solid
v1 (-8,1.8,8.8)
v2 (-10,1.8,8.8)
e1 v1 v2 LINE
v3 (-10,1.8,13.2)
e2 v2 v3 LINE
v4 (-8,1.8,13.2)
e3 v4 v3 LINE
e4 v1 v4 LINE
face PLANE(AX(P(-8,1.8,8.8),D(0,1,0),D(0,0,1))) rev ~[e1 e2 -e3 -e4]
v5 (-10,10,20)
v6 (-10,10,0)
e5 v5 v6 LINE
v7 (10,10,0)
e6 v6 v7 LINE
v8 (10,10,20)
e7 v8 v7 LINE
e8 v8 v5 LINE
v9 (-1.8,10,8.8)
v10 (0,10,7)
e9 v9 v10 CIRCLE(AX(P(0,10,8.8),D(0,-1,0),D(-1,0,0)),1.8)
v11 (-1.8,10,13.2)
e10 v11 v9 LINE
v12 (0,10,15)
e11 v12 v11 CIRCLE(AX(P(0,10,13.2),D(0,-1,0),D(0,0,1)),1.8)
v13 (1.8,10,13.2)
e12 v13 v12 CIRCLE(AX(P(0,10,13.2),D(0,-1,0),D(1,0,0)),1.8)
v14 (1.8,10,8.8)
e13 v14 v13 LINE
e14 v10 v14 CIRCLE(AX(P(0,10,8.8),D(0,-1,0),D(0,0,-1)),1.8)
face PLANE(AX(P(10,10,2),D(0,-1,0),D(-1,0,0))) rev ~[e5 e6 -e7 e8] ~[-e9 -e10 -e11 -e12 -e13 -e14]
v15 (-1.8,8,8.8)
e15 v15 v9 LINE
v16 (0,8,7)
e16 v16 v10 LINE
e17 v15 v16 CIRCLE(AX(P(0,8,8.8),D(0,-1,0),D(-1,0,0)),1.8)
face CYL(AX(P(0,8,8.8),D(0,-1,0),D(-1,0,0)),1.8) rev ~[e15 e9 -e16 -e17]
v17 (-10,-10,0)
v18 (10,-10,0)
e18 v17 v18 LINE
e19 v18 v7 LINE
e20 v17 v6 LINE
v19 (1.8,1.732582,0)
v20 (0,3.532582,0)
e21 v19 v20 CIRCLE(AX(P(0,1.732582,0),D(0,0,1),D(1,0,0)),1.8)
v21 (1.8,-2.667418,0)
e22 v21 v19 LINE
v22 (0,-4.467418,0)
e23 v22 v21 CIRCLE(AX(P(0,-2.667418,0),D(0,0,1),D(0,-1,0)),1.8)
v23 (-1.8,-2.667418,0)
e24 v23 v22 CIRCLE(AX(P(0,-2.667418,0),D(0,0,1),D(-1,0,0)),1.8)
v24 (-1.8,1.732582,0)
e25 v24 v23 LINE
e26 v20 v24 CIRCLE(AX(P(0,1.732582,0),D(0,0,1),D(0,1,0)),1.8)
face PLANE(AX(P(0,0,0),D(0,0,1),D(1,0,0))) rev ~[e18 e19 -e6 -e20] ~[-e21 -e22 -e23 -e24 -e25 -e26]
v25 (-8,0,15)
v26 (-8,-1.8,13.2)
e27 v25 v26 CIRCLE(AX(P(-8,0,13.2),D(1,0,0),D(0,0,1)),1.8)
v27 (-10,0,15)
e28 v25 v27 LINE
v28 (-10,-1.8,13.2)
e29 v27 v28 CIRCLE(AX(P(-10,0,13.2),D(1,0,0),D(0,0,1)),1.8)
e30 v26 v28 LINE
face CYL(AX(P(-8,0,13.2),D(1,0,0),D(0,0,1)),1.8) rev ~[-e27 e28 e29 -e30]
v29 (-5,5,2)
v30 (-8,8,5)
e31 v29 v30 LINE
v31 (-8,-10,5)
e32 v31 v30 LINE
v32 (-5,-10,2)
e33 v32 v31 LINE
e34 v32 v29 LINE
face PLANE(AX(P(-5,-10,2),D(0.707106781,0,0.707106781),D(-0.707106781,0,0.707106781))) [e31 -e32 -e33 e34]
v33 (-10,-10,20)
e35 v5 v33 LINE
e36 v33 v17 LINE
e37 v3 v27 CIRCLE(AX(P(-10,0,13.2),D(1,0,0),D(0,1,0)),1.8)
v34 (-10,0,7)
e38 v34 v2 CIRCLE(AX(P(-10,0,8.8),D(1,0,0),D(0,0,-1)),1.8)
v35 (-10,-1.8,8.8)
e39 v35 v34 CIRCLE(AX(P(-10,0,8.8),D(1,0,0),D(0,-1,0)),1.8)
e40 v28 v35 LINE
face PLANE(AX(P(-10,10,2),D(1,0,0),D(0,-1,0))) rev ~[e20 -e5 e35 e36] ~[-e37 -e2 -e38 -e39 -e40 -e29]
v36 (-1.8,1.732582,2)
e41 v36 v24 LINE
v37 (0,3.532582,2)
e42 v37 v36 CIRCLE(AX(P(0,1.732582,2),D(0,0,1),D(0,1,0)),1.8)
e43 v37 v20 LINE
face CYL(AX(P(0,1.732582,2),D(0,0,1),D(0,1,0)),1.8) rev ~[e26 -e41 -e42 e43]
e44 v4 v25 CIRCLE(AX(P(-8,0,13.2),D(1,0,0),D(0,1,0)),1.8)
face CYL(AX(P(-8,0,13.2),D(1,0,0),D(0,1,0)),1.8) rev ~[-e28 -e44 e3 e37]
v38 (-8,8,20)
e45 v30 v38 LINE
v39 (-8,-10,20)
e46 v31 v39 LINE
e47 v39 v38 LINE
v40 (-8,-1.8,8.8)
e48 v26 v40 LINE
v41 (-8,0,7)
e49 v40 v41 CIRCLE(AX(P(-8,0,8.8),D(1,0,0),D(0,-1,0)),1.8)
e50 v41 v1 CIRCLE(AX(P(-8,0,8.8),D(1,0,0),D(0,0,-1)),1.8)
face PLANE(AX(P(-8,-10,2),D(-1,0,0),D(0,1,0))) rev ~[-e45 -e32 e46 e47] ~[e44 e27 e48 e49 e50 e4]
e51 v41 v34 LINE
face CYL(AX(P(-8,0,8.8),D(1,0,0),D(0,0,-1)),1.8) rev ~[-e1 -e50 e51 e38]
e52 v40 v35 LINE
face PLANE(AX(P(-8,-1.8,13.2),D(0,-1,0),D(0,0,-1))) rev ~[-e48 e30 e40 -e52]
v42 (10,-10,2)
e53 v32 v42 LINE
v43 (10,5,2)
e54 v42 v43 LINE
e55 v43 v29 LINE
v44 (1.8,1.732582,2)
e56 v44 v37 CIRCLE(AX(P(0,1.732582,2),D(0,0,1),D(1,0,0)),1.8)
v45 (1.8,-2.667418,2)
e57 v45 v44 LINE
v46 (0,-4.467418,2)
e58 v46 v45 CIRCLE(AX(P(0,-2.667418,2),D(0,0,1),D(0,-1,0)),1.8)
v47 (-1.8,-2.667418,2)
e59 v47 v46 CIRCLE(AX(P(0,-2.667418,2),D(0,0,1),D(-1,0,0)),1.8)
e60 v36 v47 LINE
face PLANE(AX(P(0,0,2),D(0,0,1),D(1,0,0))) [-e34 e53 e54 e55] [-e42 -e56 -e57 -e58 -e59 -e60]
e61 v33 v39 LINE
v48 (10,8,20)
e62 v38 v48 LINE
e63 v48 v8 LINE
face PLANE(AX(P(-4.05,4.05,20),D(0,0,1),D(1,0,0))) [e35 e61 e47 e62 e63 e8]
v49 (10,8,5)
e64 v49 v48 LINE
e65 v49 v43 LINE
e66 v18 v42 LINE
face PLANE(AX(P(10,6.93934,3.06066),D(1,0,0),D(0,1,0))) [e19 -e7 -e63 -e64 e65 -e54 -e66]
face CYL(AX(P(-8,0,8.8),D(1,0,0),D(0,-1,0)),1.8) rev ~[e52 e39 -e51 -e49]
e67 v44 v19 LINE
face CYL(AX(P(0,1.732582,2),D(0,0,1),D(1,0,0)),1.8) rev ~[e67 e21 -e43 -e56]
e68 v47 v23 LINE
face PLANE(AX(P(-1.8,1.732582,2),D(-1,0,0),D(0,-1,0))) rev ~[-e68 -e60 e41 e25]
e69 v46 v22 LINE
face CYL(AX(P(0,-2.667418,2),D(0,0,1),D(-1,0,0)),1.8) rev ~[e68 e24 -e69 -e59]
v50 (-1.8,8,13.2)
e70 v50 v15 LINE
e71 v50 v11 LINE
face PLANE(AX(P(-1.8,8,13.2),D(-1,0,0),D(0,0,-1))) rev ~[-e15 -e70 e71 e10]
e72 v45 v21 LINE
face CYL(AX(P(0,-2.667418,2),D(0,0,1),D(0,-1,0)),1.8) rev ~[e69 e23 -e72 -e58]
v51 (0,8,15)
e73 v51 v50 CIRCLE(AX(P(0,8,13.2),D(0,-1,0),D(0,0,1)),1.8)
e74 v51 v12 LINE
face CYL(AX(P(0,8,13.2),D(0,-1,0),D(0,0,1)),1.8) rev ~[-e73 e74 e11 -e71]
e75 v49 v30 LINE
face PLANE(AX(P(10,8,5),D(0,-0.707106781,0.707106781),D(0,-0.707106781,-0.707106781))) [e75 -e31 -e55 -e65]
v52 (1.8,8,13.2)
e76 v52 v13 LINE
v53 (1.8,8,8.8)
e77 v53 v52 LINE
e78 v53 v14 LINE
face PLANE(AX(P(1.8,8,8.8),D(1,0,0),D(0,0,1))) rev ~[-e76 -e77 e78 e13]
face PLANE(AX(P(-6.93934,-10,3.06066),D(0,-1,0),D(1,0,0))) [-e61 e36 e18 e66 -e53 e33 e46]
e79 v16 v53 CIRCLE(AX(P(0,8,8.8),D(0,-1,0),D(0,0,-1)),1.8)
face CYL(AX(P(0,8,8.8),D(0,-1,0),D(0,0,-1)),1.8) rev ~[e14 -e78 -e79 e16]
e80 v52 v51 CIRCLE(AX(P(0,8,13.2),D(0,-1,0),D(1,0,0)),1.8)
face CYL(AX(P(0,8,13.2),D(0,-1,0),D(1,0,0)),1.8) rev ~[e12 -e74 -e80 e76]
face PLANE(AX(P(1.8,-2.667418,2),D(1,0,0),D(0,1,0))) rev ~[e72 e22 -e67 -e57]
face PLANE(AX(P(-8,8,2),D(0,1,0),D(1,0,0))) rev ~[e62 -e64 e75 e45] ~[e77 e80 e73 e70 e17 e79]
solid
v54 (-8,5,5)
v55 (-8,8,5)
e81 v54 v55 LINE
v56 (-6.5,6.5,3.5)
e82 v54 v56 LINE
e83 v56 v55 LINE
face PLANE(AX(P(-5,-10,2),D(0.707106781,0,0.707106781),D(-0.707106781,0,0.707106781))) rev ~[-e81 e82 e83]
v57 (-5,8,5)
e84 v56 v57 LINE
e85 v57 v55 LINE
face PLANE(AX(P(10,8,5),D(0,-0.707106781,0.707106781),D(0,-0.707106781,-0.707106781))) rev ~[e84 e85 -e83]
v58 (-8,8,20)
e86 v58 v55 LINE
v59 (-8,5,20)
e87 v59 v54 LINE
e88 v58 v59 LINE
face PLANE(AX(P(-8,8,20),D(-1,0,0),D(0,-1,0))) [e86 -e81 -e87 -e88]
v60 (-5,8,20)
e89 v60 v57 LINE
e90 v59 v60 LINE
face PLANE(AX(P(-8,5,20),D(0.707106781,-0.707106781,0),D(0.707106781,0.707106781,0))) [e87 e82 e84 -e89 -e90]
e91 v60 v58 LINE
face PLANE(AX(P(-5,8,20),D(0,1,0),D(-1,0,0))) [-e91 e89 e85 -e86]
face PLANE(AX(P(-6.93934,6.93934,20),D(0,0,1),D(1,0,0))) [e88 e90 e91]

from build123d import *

# Parameters (mm, degrees)
F0_W      = 20
F0_H      = 20
F1_DEPTH  = 2
F3_DEPTH  = 18
F7_DEPTH  = 2.001
F8_DEPTH  = 2.001
F9_DEPTH  = 2.001
F11_DEPTH = 18


with BuildPart() as f1:
    # F0 (on Top) → F1 (new body)
    with BuildSketch(Plane.XY):
        Rectangle(F0_W, F0_H)
    extrude(amount=F1_DEPTH)

    # F2 (on face) → F3 (join)
    with BuildSketch(Plane.XY.offset(2)):
        Polygon((-10, -10), (-8, -10), (-8, 8), (10, 8), (10, 10), (-10, 10), align=None)
    extrude(amount=F3_DEPTH)

    # F5 (on face) → F7 (cut, through all)
    with BuildSketch(Plane.YZ.offset(-8)):
        with BuildLine():
            ThreePointArc((0, 7), (1.2727922061, 7.5272077939), (1.8, 8.8))
            Line((1.8, 8.8), (1.8, 13.2))
            ThreePointArc((1.8, 13.2), (1.2727922061, 14.4727922061), (0, 15))
            ThreePointArc((0, 15), (-1.2727922061, 14.4727922061), (-1.8, 13.2))
            Line((-1.8, 13.2), (-1.8, 8.8))
            ThreePointArc((-1.8, 8.8), (-1.2727922061, 7.5272077939), (0, 7))
        make_face()
    extrude(amount=-F7_DEPTH, mode=Mode.SUBTRACT)

    # F6 (on face) → F8 (cut, through all)
    with BuildSketch(Plane.XZ.offset(-8)):
        with BuildLine():
            ThreePointArc((0, 7), (1.2727922061, 7.5272077939), (1.8, 8.8))
            Line((1.8, 8.8), (1.8, 13.2))
            ThreePointArc((1.8, 13.2), (1.2727922061, 14.4727922061), (0, 15))
            ThreePointArc((0, 15), (-1.2727922061, 14.4727922061), (-1.8, 13.2))
            Line((-1.8, 13.2), (-1.8, 8.8))
            ThreePointArc((-1.8, 8.8), (-1.2727922061, 7.5272077939), (0, 7))
        make_face()
    extrude(amount=-F8_DEPTH, mode=Mode.SUBTRACT)

    # F4 (on face) → F9 (cut, through all)
    with BuildSketch(Plane.XY.offset(2)):
        with BuildLine():
            ThreePointArc((0, -4.4674180151), (1.2727922061, -3.9402102213), (1.8, -2.6674180151))
            Line((1.8, -2.6674180151), (1.8, 1.7325819849))
            ThreePointArc((1.8, 1.7325819849), (1.2727922061, 3.005374191), (0, 3.5325819849))
            ThreePointArc((0, 3.5325819849), (-1.2727922061, 3.005374191), (-1.8, 1.7325819849))
            Line((-1.8, 1.7325819849), (-1.8, -2.6674180151))
            ThreePointArc((-1.8, -2.6674180151), (-1.2727922061, -3.9402102213), (0, -4.4674180151))
        make_face()
    extrude(amount=-F9_DEPTH, mode=Mode.SUBTRACT)

    # F10 (on face) → F11 (join, through all)
    with BuildSketch(Plane.YZ.offset(10)):
        Polygon((5, 2), (8, 2), (8, 5), align=None)
    extrude(amount=-F11_DEPTH)

    # F12 (on face) → F13 (join, up to the next surface of F1)
    with BuildSketch(Plane.XZ.offset(10)):
        Polygon((-8, 5), (-8, 2), (-5, 2), align=None)
    extrude(until=Until.NEXT, dir=(0, 1, 0))


with BuildPart() as f15:
    # F14 (on face) → F15 (new body, up to the next surface of F1)
    with BuildSketch(Plane.XY.offset(20)):
        Polygon((-5, 8), (-8, 8), (-8, 5), align=None)
    extrude(until=Until.NEXT, target=f1.part, dir=(0, 0, -1))


solid = Compound([f1.part, f15.part])
